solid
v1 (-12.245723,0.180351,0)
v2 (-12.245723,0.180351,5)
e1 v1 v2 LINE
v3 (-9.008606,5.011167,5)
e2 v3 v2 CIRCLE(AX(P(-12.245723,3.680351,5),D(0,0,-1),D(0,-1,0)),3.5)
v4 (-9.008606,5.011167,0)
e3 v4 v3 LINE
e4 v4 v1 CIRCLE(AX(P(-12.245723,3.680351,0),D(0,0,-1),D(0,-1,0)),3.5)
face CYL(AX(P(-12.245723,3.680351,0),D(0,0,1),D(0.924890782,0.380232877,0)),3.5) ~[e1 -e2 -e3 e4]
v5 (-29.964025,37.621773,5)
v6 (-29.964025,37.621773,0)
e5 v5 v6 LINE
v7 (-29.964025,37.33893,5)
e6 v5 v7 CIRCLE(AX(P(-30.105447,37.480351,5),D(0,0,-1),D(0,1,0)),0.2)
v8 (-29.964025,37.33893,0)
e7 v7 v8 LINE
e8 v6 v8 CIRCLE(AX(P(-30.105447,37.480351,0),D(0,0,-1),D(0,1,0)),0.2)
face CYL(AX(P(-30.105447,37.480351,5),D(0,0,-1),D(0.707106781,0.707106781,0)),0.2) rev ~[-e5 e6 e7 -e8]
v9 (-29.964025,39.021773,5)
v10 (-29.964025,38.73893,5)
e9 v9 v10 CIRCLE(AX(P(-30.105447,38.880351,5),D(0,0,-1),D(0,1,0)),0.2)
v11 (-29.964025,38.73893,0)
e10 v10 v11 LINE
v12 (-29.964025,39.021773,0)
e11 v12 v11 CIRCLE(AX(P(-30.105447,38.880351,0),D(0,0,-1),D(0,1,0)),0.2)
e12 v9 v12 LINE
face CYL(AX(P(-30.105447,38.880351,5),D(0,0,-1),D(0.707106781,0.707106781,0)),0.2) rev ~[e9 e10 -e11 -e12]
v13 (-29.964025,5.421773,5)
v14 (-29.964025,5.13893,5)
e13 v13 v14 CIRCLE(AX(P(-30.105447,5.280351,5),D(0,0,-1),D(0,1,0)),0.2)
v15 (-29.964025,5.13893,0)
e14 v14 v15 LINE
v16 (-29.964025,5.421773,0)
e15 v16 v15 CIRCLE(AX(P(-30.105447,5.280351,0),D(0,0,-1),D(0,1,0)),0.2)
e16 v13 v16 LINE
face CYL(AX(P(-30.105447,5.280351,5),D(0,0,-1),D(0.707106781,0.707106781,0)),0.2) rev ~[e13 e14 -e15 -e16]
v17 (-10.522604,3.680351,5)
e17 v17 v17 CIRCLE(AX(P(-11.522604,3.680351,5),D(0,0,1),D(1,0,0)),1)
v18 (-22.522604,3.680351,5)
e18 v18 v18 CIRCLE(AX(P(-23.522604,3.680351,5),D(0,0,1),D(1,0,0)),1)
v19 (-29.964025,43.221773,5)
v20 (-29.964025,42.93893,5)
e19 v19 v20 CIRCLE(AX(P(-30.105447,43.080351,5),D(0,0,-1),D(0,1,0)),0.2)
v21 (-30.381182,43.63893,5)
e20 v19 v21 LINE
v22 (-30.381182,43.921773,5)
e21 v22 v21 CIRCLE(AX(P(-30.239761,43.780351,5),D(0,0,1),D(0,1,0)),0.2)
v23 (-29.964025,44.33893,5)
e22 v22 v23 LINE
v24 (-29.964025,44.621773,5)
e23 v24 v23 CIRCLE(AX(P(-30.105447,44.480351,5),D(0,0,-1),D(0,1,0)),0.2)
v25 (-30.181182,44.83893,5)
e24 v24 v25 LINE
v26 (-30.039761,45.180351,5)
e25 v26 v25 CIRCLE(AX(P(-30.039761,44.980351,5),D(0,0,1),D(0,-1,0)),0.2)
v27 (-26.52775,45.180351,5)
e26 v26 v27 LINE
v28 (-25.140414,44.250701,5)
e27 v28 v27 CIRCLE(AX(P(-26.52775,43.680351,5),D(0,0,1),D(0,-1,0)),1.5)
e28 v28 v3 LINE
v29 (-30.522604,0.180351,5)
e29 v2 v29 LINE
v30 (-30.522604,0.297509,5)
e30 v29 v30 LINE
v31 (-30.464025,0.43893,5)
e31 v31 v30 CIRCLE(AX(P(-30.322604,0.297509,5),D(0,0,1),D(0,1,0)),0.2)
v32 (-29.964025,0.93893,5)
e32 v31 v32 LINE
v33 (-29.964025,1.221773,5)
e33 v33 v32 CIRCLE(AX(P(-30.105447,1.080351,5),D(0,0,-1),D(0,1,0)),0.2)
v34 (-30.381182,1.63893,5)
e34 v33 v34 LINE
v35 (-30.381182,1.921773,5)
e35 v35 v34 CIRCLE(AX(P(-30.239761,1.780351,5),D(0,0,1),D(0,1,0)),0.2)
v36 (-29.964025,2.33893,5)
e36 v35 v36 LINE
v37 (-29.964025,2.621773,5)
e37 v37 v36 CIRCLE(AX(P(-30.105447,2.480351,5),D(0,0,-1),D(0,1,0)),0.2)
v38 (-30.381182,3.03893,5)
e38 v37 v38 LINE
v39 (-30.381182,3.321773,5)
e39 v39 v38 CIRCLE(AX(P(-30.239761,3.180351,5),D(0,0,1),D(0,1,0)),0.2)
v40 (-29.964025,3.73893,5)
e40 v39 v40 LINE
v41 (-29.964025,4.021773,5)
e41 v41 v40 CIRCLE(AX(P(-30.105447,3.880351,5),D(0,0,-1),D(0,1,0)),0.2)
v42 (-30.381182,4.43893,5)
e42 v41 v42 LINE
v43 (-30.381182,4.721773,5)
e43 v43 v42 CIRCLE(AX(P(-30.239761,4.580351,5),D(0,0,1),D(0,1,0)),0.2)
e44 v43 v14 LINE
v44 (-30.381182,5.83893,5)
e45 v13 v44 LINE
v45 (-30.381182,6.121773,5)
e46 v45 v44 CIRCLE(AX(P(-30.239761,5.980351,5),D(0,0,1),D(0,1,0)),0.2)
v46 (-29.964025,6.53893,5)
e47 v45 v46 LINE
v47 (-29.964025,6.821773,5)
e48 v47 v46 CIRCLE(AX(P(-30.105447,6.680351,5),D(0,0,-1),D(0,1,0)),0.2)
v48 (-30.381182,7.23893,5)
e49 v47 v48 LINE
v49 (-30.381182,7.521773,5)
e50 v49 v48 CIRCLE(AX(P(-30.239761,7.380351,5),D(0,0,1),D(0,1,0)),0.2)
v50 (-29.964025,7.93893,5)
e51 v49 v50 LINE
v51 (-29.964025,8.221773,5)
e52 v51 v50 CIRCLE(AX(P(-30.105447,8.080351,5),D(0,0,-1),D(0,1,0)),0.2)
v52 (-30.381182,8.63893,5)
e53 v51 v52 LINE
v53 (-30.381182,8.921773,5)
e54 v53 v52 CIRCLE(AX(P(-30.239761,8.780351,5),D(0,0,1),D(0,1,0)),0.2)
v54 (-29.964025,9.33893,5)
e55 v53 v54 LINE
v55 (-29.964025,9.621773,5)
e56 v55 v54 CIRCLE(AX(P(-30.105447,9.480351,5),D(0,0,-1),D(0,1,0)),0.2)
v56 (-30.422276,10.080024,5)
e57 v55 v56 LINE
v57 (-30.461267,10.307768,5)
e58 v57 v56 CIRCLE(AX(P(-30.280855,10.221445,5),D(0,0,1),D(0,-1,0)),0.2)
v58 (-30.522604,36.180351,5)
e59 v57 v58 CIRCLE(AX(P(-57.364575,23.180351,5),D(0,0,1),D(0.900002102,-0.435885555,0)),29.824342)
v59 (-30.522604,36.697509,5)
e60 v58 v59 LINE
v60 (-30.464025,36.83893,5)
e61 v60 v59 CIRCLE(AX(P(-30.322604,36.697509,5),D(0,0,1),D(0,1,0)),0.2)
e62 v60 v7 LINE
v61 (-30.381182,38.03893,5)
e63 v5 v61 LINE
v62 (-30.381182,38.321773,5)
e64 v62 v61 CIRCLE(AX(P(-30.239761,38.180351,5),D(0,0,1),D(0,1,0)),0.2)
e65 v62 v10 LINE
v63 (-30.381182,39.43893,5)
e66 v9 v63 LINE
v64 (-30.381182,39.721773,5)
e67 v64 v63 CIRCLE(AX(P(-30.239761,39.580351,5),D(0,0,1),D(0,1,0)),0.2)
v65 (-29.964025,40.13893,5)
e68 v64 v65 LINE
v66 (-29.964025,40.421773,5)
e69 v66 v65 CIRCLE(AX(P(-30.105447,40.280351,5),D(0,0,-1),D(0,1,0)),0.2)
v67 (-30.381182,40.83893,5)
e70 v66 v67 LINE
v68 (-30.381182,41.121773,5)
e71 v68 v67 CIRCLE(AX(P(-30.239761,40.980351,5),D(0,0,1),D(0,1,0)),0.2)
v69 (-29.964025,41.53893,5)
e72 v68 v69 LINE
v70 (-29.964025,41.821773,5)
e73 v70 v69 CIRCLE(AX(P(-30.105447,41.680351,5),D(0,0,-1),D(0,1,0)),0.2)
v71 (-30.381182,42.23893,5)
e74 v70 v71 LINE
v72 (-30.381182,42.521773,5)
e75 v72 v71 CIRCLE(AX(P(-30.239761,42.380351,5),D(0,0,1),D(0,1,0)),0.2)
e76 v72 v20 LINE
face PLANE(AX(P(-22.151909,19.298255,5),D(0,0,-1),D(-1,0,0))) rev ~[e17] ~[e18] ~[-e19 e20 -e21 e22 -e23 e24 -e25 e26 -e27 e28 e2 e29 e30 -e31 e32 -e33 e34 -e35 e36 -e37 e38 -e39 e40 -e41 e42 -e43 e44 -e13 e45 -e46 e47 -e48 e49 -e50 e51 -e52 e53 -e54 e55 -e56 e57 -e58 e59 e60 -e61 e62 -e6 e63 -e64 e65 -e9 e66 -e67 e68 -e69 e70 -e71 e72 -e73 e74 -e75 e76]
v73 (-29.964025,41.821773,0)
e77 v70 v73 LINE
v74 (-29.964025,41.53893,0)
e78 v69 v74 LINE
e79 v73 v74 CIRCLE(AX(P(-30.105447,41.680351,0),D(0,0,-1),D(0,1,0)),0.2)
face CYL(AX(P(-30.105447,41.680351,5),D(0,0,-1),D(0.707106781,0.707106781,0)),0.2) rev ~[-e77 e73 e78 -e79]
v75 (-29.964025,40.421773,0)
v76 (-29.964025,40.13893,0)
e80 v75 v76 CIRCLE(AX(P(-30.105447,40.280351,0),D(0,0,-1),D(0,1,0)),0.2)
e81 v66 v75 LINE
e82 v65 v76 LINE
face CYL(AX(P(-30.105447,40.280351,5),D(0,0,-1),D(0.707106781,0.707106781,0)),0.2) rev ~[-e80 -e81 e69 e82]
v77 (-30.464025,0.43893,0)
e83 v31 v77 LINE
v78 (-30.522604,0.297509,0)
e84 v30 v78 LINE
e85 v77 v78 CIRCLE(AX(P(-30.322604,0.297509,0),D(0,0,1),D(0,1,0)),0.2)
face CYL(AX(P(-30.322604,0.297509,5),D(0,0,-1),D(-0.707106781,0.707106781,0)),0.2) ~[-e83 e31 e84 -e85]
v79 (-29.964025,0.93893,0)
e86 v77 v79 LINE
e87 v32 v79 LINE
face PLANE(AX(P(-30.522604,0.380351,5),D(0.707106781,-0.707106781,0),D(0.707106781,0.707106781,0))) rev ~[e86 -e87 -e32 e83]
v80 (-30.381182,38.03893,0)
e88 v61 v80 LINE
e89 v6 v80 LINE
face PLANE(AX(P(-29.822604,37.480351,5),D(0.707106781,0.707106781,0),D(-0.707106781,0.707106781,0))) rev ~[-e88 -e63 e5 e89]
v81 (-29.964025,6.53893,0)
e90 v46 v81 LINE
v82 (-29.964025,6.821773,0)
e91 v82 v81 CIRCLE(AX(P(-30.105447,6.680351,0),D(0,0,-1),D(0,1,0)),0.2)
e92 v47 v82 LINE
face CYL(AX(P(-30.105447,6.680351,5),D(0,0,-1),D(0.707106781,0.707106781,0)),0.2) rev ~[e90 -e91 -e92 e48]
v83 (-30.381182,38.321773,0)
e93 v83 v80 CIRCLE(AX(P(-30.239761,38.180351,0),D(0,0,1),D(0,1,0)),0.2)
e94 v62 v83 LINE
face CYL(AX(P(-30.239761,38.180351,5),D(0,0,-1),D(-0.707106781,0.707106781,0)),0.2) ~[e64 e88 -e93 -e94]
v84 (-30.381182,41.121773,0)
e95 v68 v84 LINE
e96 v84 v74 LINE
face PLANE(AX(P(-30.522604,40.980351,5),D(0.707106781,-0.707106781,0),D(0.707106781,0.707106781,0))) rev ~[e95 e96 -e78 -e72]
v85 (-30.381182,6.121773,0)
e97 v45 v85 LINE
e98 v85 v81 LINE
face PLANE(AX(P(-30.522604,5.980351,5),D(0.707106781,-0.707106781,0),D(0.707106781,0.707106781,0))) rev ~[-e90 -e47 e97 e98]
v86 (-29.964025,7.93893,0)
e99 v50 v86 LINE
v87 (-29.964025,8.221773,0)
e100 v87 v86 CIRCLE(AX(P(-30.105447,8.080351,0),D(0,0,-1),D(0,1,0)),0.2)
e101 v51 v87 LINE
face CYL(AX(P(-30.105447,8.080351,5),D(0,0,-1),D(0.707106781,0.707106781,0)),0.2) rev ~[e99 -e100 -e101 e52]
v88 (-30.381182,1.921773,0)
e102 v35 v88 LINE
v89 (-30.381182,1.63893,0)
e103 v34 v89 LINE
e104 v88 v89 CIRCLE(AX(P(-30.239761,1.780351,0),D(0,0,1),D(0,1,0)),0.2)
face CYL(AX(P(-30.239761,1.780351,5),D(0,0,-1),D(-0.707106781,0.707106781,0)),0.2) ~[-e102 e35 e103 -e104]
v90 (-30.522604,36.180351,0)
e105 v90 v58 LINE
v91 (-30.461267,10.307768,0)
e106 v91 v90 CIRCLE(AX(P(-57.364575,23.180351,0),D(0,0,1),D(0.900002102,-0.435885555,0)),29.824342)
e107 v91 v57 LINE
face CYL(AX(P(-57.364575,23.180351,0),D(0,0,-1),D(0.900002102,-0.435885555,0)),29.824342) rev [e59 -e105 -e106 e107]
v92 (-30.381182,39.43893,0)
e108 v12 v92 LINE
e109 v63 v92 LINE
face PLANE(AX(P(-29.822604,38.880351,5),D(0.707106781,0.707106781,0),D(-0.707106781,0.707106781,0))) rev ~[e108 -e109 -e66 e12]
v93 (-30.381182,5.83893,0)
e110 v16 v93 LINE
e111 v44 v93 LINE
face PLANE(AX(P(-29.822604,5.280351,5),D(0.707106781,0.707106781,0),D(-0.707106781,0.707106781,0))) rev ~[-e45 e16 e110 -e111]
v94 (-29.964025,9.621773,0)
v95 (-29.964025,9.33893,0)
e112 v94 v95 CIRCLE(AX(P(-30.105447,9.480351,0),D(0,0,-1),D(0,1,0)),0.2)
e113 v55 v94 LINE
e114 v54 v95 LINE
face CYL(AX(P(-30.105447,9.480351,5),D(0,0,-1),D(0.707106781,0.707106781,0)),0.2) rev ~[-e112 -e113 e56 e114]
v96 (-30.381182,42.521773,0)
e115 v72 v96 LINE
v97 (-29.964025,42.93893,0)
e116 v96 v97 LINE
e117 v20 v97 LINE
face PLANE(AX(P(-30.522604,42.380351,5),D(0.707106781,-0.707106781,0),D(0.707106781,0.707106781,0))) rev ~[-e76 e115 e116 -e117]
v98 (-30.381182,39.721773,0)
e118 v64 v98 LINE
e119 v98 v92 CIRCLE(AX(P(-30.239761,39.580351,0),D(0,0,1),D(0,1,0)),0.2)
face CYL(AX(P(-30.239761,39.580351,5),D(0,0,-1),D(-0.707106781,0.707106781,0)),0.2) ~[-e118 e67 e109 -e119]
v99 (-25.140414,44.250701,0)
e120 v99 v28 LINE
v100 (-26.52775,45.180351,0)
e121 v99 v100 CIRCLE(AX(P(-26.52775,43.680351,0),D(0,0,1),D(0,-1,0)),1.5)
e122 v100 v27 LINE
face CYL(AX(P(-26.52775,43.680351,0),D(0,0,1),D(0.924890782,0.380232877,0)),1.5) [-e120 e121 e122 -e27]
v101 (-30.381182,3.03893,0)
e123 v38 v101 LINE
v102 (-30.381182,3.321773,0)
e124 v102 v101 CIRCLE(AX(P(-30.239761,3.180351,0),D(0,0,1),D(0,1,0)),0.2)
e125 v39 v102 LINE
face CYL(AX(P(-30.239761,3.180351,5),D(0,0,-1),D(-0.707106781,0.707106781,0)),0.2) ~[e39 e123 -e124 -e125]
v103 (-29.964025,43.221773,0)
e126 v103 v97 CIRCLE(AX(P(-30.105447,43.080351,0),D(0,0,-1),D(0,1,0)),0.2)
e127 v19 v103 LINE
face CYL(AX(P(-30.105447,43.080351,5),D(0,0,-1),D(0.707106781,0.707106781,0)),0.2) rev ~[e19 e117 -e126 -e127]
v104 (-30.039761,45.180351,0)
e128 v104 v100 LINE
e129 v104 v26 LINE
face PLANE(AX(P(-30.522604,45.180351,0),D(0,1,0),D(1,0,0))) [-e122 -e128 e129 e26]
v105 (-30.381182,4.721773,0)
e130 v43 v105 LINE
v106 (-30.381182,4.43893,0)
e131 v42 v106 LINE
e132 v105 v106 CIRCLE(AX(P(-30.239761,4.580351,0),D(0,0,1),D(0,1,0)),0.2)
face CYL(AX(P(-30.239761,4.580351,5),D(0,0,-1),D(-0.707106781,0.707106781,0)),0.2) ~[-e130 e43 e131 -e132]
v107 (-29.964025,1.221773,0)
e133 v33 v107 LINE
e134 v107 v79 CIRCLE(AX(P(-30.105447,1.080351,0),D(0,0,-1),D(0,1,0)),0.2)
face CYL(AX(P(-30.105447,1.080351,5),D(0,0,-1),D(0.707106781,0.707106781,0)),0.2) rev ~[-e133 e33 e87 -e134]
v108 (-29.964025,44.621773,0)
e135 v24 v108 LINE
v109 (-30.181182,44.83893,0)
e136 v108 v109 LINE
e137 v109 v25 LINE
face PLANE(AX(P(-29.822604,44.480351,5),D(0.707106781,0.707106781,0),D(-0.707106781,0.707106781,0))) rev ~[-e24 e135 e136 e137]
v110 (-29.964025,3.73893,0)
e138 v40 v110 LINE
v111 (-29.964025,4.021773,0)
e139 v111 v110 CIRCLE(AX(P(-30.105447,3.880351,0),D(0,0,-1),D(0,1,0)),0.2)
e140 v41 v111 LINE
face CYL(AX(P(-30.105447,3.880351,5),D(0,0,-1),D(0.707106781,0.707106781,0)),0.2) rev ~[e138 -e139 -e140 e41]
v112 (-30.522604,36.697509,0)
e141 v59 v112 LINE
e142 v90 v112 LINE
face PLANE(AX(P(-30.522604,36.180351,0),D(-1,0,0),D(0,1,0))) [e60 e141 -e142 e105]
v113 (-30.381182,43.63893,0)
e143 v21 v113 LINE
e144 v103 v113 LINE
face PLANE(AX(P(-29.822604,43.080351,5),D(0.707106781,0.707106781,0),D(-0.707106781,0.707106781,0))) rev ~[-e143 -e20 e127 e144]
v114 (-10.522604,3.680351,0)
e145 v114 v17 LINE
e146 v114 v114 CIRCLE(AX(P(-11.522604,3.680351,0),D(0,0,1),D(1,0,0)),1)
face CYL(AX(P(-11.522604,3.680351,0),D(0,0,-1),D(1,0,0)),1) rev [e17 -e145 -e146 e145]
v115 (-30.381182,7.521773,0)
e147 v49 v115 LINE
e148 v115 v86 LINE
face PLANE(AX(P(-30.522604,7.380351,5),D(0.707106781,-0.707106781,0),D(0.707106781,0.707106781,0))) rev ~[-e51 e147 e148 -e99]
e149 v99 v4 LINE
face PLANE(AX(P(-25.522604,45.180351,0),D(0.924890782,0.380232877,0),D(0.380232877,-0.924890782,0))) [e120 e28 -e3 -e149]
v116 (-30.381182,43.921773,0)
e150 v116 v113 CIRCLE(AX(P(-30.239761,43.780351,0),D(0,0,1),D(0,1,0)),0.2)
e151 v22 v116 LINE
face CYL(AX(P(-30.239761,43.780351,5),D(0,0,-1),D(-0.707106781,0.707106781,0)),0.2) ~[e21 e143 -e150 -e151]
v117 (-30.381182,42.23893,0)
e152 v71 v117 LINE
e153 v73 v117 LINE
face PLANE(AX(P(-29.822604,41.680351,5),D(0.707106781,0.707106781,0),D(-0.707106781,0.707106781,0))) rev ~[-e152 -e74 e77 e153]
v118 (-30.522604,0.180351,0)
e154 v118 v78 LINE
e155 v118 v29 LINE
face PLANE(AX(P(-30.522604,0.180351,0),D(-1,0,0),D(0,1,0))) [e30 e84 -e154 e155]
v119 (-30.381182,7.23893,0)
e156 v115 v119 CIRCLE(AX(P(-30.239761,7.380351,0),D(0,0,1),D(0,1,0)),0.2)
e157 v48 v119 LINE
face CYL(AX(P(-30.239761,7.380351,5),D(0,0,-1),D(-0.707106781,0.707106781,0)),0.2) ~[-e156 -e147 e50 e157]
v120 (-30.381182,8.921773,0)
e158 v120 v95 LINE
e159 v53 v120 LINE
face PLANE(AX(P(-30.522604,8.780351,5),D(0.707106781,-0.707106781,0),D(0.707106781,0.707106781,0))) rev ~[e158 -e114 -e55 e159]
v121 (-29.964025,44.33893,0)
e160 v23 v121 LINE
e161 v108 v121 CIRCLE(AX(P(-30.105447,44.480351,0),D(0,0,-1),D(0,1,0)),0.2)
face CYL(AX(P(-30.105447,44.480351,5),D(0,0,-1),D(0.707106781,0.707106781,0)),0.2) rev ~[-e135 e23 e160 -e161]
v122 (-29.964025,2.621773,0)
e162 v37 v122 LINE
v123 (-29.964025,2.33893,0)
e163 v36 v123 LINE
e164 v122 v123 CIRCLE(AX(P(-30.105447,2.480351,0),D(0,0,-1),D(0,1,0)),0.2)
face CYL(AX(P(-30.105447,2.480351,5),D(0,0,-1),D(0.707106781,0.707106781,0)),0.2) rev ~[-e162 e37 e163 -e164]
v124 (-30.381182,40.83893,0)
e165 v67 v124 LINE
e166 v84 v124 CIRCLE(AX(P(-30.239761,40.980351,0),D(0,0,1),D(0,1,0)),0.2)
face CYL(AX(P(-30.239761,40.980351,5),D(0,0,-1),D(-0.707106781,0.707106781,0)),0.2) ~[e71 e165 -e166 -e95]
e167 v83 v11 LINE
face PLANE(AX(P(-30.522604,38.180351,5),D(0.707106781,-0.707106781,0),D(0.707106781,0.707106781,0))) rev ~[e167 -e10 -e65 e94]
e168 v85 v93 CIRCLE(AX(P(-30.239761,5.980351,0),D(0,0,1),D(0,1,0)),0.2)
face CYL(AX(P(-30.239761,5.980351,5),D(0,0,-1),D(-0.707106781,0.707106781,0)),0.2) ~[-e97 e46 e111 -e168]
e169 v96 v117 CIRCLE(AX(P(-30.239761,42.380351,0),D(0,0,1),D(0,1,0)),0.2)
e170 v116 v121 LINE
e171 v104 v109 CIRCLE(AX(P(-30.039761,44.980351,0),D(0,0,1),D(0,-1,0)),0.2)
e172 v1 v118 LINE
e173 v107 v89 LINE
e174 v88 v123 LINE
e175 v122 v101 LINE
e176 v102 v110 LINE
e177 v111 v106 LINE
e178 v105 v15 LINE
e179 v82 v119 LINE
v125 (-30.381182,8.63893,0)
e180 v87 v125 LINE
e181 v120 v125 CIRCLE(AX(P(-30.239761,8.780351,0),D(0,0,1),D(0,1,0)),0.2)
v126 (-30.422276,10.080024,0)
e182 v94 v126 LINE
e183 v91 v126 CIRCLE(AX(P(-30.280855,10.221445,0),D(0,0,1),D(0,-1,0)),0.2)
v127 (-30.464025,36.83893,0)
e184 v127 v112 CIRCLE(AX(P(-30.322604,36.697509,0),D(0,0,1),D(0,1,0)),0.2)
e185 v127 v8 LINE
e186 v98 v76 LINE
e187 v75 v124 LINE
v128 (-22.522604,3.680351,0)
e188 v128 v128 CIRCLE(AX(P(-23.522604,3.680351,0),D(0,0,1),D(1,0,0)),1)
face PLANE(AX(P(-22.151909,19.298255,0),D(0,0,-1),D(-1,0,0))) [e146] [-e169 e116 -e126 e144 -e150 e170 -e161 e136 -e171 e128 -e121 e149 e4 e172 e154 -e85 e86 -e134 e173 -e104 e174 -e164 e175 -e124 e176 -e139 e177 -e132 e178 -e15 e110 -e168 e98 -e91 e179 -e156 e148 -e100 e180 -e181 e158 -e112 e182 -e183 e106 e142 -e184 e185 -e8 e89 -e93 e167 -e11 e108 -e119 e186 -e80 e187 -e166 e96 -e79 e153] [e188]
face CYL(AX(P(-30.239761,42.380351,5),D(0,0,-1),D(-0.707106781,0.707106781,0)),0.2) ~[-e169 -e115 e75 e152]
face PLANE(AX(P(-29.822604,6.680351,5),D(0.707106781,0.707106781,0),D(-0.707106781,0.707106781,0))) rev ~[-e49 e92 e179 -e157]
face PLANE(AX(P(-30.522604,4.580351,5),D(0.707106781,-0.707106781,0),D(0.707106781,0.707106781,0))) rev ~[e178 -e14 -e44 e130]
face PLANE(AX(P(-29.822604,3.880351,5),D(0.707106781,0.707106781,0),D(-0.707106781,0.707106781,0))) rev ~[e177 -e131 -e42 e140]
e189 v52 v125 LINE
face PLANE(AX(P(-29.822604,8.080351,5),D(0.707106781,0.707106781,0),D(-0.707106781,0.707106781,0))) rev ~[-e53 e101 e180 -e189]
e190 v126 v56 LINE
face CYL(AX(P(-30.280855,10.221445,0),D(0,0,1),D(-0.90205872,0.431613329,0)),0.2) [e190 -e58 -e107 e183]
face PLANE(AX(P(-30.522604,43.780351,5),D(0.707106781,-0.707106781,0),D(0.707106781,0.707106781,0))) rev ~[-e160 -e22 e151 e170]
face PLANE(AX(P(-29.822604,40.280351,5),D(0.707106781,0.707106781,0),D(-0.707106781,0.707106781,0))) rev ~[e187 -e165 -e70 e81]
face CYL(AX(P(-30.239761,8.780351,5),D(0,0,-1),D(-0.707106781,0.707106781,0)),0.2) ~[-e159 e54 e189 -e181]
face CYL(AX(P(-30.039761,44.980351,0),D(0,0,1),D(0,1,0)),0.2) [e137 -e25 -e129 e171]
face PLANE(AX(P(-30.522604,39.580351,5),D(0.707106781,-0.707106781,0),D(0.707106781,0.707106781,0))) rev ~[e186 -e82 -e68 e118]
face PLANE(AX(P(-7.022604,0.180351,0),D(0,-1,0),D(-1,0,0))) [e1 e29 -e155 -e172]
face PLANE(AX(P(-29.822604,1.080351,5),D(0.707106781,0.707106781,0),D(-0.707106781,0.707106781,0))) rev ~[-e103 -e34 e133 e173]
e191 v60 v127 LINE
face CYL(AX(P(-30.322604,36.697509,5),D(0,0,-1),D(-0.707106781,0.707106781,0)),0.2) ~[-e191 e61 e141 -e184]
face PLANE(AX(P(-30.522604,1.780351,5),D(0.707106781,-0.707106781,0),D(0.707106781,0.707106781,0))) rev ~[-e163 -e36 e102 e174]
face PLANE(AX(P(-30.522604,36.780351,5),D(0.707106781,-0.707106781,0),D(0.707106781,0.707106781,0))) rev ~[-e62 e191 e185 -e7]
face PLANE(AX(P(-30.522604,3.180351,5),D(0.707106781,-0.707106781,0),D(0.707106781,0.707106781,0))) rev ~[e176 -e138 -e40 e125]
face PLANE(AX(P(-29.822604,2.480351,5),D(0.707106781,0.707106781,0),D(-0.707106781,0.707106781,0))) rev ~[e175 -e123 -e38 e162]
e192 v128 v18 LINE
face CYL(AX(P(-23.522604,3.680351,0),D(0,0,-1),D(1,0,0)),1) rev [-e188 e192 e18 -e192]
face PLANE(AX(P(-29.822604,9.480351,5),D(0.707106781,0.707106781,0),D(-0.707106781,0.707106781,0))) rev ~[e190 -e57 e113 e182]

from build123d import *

# Parameters (mm, degrees)
SKETCH1_R      = 1
EXTRUDE2_DEPTH = 5
FILLET2_R      = 3.5
FILLET3_R      = 1.5
EXTRUDE4_DEPTH = 5
FILLET4_R      = 0.2
EXTRUDE5_DEPTH = 5
FILLET5_R      = 0.2


with BuildPart() as part:
    # Sketch1 → Extrude2 (new body)
    with BuildSketch(Plane.XY):
        with BuildLine():
            Line((-30.522603834, 36.180351438), (-30.522603834, 45.180351438))
            Line((-30.522603834, 45.180351438), (-25.522603834, 45.180351438))
            Line((-25.522603834, 45.180351438), (-7.022603834, 0.180351438))
            Line((-7.022603834, 0.180351438), (-30.522603834, 0.180351438))
            Line((-30.522603834, 0.180351438), (-30.522603834, 10.180351438))
            ThreePointArc((-30.522603834, 10.180351438), (-27.540232283, 23.180351438), (-30.522603834, 36.180351438))
        make_face()
        with Locations((-23.522603834, 3.680351438)):
            Circle(SKETCH1_R, mode=Mode.SUBTRACT)
        with Locations((-11.522603834, 3.680351438)):
            Circle(SKETCH1_R, mode=Mode.SUBTRACT)
    extrude(amount=EXTRUDE2_DEPTH)

    # Fillet2
    fillet2_edges = [part.edges().sort_by_distance(p)[0] for p in [
        (-7.022603834, 0.180351438, 2.5),
    ]]
    fillet(fillet2_edges, radius=FILLET2_R)

    # Fillet3
    fillet3_edges = [part.edges().sort_by_distance(p)[0] for p in [
        (-25.522603834, 45.180351438, 2.5),
    ]]
    fillet(fillet3_edges, radius=FILLET3_R)

    # Sketch3 → Extrude4 (cut)
    with BuildSketch(Plane.XY.offset(5)):
        Polygon((-29.822603834, 43.080351438), (-30.522603834, 43.780351438), (-30.522603834, 42.380351438), align=None)
        Polygon((-29.822603834, 44.480351438), (-30.522603834, 45.180351438), (-30.522603834, 43.780351438), align=None)
        Polygon((-29.822603834, 41.680351438), (-30.522603834, 42.380351438), (-30.522603834, 40.980351438), align=None)
        Polygon((-29.822603834, 40.280351438), (-30.522603834, 40.980351438), (-30.522603834, 39.580351438), align=None)
        Polygon((-29.822603834, 38.880351438), (-30.522603834, 39.580351438), (-30.522603834, 38.180351438), align=None)
        Polygon((-29.822603834, 37.480351438), (-30.522603834, 38.180351438), (-30.522603834, 36.780351438), align=None)
    extrude(amount=-EXTRUDE4_DEPTH, mode=Mode.SUBTRACT)

    # Fillet4
    fillet4_edges = [part.edges().sort_by_distance(p)[0] for p in [
        (-30.522603834, 45.180351438, 2.5),
        (-29.822603834, 43.080351438, 2.5),
        (-30.522603834, 42.380351438, 2.5),
        (-30.522603834, 43.780351438, 2.5),
        (-29.822603834, 44.480351438, 2.5),
        (-29.822603834, 41.680351438, 2.5),
        (-30.522603834, 40.980351438, 2.5),
        (-29.822603834, 40.280351438, 2.5),
        (-30.522603834, 39.580351438, 2.5),
        (-29.822603834, 38.880351438, 2.5),
        (-30.522603834, 38.180351438, 2.5),
        (-29.822603834, 37.480351438, 2.5),
        (-30.522603834, 36.780351438, 2.5),
    ]]
    fillet(fillet4_edges, radius=FILLET4_R)

    # Sketch4 → Extrude5 (cut)
    with BuildSketch(Plane.XY.offset(5)):
        Polygon((-29.822603834, 1.080351438), (-30.522603834, 1.780351438), (-30.522603834, 0.380351438), align=None)
        Polygon((-29.822603834, 2.480351438), (-30.522603834, 3.180351438), (-30.522603834, 1.780351438), align=None)
        Polygon((-29.822603834, 3.880351438), (-30.522603834, 4.580351438), (-30.522603834, 3.180351438), align=None)
        Polygon((-29.822603834, 5.280351438), (-30.522603834, 5.980351438), (-30.522603834, 4.580351438), align=None)
        Polygon((-29.822603834, 6.680351438), (-30.522603834, 7.380351438), (-30.522603834, 5.980351438), align=None)
        Polygon((-29.822603834, 8.080351438), (-30.522603834, 8.780351438), (-30.522603834, 7.380351438), align=None)
        Polygon((-29.822603834, 9.480351438), (-30.522603834, 10.180351438), (-30.522603834, 8.780351438), align=None)
    extrude(amount=-EXTRUDE5_DEPTH, mode=Mode.SUBTRACT)

    # Fillet5
    fillet5_edges = [part.edges().sort_by_distance(p)[0] for p in [
        (-30.522603834, 10.180351438, 2.5),
        (-29.822603834, 2.480351438, 2.5),
        (-30.522603834, 1.780351438, 2.5),
        (-29.822603834, 3.880351438, 2.5),
        (-30.522603834, 3.180351438, 2.5),
        (-29.822603834, 5.280351438, 2.5),
        (-30.522603834, 4.580351438, 2.5),
        (-29.822603834, 6.680351438, 2.5),
        (-30.522603834, 5.980351438, 2.5),
        (-29.822603834, 8.080351438, 2.5),
        (-30.522603834, 7.380351438, 2.5),
        (-29.822603834, 9.480351438, 2.5),
        (-30.522603834, 8.780351438, 2.5),
        (-29.822603834, 1.080351438, 2.5),
        (-30.522603834, 0.380351438, 2.5),
    ]]
    fillet(fillet5_edges, radius=FILLET5_R)


solid = part.part
